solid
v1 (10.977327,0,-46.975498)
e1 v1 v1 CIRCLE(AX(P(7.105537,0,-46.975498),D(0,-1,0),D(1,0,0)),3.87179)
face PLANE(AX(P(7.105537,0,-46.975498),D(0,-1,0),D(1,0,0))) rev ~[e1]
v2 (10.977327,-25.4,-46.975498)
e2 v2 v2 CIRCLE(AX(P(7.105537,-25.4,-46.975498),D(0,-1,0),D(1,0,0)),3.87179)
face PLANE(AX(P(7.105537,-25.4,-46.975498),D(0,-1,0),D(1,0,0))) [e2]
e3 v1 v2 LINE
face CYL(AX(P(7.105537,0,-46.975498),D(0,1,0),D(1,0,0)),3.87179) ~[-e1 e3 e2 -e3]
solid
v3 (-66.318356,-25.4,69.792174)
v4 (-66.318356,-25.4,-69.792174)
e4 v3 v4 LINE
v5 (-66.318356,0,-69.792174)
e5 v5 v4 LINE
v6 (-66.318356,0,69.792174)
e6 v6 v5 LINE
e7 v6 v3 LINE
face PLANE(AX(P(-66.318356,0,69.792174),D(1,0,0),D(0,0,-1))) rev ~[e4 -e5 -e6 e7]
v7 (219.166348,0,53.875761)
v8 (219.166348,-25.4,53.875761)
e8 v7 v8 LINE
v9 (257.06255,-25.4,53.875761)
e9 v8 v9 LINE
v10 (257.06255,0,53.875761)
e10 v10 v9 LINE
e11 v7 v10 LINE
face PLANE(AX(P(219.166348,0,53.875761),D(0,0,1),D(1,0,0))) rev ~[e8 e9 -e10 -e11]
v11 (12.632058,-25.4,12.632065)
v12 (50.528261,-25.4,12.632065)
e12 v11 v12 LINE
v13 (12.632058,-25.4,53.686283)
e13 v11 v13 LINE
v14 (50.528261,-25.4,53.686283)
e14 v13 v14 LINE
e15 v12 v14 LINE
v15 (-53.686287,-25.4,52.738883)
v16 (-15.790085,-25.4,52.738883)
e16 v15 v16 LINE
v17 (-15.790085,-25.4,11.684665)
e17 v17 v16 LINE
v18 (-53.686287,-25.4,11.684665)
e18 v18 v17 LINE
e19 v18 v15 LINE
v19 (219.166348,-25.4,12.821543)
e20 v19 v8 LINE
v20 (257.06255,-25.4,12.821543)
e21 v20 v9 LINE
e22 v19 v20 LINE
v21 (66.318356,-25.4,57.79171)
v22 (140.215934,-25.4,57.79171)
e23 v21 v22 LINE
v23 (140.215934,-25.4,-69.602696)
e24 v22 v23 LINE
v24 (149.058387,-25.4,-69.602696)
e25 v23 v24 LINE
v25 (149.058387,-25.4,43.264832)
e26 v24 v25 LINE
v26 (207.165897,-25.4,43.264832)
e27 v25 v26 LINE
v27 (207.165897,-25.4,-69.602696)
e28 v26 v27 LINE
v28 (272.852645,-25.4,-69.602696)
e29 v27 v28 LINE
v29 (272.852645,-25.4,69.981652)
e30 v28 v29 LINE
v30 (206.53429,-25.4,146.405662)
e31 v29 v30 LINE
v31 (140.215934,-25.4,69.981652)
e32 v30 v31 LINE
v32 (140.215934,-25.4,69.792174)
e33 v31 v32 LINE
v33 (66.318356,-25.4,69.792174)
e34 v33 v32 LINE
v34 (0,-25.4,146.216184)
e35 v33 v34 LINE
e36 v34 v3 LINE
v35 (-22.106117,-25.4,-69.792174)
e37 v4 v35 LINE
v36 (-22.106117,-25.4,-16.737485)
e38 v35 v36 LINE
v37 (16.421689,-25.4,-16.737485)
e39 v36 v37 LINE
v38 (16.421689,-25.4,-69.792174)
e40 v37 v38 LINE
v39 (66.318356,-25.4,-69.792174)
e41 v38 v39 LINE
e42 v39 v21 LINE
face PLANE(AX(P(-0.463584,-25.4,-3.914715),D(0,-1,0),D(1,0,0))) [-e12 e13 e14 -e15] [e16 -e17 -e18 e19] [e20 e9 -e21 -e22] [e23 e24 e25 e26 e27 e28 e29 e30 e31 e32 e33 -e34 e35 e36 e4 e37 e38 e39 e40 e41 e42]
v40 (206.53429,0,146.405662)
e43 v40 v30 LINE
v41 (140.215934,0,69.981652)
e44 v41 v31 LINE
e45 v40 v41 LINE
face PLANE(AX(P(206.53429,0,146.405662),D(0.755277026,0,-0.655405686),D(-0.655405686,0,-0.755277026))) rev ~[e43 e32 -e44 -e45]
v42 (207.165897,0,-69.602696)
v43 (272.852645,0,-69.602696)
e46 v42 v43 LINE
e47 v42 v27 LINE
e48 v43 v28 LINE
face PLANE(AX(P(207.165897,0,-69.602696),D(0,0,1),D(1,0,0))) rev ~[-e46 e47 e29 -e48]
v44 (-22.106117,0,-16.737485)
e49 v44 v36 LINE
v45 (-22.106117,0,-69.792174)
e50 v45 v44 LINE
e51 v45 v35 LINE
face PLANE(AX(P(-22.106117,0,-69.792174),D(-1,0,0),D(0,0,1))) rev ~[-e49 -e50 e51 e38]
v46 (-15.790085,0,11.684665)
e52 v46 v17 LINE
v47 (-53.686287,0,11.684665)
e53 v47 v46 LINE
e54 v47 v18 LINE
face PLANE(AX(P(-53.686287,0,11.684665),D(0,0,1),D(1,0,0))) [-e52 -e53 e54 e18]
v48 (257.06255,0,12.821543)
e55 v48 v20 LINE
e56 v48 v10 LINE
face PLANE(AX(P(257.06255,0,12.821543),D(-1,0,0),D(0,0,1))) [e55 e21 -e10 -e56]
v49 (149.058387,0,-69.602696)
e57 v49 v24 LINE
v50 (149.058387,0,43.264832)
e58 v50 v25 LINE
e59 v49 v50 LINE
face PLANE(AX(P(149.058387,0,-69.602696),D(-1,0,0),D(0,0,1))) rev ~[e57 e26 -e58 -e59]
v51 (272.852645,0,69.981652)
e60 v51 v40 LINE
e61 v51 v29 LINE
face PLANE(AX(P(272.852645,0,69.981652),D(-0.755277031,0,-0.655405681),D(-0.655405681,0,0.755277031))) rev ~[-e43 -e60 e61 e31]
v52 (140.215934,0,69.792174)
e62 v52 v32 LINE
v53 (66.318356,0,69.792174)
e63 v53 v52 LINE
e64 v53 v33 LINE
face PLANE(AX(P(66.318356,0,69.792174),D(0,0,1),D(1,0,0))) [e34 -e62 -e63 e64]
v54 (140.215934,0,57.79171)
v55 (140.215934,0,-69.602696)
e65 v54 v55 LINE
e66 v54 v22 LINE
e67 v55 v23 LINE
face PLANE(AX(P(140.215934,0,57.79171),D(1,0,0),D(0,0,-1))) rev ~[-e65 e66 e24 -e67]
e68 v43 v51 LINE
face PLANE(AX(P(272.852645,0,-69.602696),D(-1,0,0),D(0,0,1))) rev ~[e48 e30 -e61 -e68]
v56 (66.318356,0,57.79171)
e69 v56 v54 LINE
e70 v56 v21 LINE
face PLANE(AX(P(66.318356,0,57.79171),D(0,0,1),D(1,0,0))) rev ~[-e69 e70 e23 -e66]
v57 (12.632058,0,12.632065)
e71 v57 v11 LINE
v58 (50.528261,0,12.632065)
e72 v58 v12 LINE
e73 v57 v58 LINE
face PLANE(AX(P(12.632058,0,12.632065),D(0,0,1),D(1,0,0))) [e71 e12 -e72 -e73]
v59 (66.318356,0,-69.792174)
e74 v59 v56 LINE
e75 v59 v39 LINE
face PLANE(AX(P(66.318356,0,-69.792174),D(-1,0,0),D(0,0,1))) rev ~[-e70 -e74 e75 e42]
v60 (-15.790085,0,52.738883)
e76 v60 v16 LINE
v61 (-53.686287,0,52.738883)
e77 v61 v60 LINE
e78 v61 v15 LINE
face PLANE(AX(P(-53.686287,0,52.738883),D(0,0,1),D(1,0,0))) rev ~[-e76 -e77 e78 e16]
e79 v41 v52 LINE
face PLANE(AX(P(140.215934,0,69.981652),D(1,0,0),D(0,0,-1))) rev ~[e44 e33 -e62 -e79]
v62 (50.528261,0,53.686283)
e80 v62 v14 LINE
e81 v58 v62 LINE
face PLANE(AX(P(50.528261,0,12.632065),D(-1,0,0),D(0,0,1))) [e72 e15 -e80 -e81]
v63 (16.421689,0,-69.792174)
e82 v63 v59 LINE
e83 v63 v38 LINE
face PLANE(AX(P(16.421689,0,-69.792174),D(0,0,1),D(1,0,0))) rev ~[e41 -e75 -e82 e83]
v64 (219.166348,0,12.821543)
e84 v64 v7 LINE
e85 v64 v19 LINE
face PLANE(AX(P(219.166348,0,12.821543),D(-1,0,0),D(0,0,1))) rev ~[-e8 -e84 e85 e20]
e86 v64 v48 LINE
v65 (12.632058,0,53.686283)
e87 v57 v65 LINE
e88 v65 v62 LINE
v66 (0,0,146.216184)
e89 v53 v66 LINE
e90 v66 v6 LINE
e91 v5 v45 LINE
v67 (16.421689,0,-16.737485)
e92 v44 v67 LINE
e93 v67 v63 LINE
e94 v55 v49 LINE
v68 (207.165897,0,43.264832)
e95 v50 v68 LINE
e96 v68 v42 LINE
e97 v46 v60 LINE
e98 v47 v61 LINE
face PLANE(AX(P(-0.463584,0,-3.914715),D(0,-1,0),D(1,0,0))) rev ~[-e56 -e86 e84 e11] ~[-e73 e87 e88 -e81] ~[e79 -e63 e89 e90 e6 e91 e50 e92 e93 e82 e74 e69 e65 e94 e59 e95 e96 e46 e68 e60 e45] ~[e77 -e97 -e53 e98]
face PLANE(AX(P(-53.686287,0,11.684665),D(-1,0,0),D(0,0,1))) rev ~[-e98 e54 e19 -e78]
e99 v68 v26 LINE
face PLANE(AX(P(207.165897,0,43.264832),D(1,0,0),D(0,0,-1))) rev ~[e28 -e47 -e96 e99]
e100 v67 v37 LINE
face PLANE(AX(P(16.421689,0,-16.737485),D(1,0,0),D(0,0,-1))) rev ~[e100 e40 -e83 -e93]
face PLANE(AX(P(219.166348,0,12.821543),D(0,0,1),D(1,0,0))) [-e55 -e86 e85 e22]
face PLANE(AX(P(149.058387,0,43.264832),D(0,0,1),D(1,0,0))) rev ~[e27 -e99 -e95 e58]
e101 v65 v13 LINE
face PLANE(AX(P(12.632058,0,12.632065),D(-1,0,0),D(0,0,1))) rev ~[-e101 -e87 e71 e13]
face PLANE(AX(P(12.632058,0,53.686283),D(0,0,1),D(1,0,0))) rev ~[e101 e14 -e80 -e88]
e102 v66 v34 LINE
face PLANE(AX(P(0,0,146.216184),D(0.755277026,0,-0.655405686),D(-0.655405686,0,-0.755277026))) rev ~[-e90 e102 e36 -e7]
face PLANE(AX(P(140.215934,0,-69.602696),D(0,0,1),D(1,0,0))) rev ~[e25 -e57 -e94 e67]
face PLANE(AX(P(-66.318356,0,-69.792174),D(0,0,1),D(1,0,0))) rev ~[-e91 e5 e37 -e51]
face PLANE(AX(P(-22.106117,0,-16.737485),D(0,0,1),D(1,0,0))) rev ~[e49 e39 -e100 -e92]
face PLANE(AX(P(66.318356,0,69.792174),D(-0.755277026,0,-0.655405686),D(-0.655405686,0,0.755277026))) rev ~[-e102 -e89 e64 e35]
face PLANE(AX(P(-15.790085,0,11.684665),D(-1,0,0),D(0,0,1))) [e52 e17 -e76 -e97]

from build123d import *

# Parameters (mm, degrees)
F0_W     = 37.896203
F0_H     = 41.054218
F0_R     = 3.87179
F0_W_2   = 37.896202
F0_W_3   = 73.897578
F0_H_2   = 12.000464
F1_DEPTH = 25.4


with BuildPart() as f1:
    # F0 (on Front) → F1 (new body)
    with BuildSketch(Plane.XZ):
        Polygon((66.318356, 69.792174), (-66.318356, 69.792174), (-66.318356, -69.792174), (-22.106117, -69.792174), (-22.106117, -16.737485), (16.421689, -16.737485), (16.421689, -69.792174), (66.318356, -69.792174), (66.318356, 57.79171), align=None)
        with Locations((-34.738186, 32.211774)):
            Rectangle(F0_W, F0_H, mode=Mode.SUBTRACT)
        with Locations((31.58016, 33.159174)):
            Rectangle(F0_W, F0_H, mode=Mode.SUBTRACT)
        with Locations((7.105537, -46.975498)):
            Circle(F0_R)
        Polygon((0, 146.216184), (-66.318356, 69.792174), (66.318356, 69.792174), align=None)
        Polygon((140.215934, 69.981652), (140.215934, 69.792174), (140.215934, 57.79171), (140.215934, -69.602696), (149.058387, -69.602696), (149.058387, 43.264832), (207.165897, 43.264832), (207.165897, -69.602696), (272.852645, -69.602696), (272.852645, 69.981652), align=None)
        with Locations((238.114449, 33.348652)):
            Rectangle(F0_W_2, F0_H, mode=Mode.SUBTRACT)
        Polygon((206.53429, 146.405662), (140.215934, 69.981652), (272.852645, 69.981652), align=None)
        with Locations((103.267145, 63.791942)):
            Rectangle(F0_W_3, F0_H_2)
    extrude(amount=F1_DEPTH)


solid = f1.part
